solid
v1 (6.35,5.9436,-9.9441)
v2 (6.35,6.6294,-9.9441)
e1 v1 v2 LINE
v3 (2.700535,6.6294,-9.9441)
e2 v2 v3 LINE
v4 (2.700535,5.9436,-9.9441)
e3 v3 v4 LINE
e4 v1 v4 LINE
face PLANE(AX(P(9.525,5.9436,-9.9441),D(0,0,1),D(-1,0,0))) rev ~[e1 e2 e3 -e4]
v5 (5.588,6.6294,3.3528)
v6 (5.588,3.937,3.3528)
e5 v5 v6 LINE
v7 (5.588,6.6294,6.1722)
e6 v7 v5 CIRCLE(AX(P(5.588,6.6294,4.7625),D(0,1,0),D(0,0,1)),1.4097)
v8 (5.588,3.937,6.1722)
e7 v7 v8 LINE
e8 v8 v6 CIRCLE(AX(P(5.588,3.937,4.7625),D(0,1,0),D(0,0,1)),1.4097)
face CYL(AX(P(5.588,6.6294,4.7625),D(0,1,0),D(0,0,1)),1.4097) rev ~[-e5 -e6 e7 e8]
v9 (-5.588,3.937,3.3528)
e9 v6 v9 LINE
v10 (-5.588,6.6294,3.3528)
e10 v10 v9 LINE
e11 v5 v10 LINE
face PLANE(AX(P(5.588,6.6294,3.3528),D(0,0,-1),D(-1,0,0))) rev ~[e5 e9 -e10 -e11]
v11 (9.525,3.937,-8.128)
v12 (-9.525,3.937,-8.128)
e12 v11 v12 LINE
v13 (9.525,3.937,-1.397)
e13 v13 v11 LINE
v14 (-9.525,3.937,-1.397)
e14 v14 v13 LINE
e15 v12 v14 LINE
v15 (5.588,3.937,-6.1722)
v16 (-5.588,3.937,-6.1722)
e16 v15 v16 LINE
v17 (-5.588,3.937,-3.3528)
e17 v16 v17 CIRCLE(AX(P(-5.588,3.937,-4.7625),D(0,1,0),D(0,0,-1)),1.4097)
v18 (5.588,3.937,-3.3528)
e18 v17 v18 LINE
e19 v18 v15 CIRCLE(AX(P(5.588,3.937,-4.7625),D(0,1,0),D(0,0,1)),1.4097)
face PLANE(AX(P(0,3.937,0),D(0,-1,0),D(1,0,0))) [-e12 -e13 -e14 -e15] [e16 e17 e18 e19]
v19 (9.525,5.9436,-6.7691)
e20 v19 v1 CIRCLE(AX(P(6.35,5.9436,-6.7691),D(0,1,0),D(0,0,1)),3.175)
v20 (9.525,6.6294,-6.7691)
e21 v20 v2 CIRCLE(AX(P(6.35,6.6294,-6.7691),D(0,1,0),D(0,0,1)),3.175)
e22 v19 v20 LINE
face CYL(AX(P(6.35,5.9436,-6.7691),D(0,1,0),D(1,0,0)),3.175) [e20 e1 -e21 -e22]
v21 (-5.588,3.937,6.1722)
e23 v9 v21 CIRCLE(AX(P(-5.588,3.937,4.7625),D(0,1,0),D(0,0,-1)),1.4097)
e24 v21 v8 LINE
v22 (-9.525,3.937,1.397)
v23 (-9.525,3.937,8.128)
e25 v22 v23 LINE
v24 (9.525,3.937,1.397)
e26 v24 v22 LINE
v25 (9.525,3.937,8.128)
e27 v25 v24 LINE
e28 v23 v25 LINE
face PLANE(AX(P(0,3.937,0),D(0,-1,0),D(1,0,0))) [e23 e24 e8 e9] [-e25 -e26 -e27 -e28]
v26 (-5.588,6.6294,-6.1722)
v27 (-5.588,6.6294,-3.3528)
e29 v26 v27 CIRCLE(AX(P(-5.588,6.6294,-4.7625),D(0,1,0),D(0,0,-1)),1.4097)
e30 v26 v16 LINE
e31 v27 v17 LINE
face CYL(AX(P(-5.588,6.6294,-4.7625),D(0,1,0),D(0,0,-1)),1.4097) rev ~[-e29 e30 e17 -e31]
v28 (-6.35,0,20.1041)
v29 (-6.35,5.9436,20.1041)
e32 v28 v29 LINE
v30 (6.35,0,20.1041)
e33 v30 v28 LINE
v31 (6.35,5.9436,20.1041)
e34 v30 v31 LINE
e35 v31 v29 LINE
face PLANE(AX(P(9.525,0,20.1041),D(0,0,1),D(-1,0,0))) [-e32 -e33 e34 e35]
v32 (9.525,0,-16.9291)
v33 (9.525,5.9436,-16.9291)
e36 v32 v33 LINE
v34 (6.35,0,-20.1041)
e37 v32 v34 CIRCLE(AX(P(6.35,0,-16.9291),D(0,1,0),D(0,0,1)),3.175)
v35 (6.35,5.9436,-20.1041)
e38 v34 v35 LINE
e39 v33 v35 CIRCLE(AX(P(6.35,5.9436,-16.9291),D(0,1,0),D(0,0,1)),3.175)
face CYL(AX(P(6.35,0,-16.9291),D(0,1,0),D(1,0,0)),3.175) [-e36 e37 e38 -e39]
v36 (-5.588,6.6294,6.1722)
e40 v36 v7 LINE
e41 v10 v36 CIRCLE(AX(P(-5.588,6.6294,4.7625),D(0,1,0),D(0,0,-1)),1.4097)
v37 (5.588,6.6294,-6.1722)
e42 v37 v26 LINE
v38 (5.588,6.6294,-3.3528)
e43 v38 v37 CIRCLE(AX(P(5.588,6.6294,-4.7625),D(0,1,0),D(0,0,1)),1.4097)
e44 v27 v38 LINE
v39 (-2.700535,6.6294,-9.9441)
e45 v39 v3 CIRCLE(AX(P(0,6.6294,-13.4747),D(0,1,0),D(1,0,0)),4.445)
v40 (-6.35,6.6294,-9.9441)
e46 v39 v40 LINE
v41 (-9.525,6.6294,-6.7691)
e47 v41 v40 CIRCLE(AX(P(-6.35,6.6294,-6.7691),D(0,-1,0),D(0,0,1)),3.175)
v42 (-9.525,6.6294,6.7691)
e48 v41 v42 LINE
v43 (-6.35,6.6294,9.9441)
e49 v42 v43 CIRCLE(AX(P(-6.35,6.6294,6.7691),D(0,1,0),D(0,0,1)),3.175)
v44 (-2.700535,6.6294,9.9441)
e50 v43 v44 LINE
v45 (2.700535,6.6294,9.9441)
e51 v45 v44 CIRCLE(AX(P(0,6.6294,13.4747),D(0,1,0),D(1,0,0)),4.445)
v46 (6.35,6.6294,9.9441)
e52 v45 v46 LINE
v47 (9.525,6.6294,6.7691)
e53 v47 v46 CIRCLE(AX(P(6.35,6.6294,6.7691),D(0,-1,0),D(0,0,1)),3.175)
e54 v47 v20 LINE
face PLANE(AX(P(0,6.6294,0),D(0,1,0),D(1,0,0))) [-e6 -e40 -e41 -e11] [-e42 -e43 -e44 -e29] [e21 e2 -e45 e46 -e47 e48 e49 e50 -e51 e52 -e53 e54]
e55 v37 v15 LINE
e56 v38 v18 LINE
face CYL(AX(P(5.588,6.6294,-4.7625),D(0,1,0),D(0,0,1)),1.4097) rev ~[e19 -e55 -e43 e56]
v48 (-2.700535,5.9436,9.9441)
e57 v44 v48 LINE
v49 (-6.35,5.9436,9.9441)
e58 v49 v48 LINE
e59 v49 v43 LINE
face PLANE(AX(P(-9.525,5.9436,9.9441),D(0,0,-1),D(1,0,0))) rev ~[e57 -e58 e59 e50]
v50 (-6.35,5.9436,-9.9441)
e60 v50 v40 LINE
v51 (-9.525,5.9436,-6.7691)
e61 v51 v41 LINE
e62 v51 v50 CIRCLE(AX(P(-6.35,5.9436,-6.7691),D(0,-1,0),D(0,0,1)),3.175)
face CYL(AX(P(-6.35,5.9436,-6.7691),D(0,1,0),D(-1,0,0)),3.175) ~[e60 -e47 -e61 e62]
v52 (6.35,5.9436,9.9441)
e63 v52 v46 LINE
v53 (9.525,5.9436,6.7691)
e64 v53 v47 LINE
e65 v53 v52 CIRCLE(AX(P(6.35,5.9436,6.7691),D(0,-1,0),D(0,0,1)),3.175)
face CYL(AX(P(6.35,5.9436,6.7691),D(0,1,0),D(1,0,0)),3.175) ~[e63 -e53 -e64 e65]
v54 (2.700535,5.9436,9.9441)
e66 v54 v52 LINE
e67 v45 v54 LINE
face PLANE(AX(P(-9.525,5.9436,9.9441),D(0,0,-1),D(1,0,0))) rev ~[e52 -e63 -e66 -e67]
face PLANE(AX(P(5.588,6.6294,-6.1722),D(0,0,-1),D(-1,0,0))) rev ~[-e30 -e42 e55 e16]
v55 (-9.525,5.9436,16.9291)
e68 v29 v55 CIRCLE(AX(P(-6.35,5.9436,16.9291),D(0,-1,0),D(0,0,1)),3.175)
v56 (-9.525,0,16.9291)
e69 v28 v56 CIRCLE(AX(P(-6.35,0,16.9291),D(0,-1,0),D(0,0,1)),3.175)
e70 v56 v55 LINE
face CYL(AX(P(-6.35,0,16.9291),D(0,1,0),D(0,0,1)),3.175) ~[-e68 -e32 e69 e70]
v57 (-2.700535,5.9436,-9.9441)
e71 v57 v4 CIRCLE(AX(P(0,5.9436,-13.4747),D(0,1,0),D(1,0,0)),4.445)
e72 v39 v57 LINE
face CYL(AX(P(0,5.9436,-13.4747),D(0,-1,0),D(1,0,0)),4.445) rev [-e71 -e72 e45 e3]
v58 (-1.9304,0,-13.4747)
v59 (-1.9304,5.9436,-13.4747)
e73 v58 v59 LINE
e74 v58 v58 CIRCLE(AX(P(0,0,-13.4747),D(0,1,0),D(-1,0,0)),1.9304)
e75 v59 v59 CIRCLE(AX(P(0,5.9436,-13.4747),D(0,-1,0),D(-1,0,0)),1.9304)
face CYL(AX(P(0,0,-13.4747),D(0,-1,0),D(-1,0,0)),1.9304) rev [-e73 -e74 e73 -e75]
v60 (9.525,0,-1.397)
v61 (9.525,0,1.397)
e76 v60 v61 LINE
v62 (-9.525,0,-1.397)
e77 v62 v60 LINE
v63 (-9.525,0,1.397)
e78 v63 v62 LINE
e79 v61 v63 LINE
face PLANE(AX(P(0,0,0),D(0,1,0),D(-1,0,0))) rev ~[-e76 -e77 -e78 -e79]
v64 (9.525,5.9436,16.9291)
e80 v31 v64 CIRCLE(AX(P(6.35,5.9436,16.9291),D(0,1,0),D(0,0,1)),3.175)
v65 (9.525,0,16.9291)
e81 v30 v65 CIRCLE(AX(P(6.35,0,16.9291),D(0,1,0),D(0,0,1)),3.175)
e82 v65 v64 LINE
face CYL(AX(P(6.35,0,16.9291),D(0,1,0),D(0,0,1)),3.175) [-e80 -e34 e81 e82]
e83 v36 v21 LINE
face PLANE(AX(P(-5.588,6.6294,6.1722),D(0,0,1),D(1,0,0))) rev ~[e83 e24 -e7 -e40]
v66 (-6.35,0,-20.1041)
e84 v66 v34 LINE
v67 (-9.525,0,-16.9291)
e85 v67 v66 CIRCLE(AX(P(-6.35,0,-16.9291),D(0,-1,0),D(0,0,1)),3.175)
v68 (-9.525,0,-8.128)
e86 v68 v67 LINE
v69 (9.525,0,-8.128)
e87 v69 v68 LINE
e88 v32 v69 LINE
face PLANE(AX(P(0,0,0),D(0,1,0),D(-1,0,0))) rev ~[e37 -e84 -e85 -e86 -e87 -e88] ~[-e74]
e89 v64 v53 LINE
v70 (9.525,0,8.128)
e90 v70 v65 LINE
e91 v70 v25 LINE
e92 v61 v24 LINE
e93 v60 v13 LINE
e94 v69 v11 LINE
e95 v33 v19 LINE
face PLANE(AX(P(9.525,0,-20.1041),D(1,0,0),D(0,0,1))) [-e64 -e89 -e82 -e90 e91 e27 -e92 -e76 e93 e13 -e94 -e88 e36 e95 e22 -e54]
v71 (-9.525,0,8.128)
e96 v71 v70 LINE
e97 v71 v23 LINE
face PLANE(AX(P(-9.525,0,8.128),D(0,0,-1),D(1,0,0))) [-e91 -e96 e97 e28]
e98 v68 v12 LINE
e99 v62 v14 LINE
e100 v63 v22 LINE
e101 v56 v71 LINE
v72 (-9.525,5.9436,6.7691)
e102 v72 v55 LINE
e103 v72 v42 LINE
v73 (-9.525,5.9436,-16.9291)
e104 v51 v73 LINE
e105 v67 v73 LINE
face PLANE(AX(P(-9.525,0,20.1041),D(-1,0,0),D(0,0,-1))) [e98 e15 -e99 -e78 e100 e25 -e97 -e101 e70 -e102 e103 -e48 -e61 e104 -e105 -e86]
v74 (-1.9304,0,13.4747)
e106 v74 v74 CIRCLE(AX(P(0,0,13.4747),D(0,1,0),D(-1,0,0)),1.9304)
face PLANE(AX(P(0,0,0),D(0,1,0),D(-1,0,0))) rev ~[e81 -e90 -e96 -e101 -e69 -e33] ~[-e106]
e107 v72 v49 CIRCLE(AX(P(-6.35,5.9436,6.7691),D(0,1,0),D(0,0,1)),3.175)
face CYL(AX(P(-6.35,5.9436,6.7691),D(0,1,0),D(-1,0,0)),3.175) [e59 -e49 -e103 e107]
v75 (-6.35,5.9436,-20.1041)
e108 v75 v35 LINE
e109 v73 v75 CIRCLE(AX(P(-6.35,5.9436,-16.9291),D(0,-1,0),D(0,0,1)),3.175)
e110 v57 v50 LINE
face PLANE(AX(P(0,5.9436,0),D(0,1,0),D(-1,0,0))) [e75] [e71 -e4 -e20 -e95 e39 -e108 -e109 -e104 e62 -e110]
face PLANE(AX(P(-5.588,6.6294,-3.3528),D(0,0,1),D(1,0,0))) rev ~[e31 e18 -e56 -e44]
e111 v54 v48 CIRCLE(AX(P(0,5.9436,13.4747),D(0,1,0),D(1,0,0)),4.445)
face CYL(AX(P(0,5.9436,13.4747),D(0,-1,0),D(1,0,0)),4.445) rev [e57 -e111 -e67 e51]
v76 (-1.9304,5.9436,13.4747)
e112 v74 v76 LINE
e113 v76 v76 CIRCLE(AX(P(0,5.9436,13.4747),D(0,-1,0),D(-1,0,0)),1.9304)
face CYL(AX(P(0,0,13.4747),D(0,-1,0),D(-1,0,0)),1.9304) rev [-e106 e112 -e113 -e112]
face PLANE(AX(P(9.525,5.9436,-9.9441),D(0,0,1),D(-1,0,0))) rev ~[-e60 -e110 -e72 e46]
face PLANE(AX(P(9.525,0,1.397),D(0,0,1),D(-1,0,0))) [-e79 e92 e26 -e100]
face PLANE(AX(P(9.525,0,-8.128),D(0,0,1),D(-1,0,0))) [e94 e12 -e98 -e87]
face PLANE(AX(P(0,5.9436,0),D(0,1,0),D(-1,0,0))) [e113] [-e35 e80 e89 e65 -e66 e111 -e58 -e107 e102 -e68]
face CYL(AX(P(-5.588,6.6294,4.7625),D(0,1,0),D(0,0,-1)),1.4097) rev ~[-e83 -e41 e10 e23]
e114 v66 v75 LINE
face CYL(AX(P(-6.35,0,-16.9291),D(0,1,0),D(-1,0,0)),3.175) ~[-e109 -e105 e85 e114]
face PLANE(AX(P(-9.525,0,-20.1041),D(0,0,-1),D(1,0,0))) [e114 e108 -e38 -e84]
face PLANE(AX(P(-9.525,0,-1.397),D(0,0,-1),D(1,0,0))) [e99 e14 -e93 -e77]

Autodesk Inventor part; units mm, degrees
ref_plane "XZ Plane" through (0, 0, 0) normal (0, 1, 0) x (-1, 0, 0)
sketch "Sketch1" plane through (0, 0, 0) normal (0, 1, 0) x (-1, 0, 0)
  line L0 (-9.525, 20.1041) -> (9.525, 20.1041)
  line L1 (9.525, 20.1041) -> (9.525, -20.1041)
  line L2 (9.525, -20.1041) -> (-9.525, -20.1041)
  line L3 (-9.525, -20.1041) -> (-9.525, 20.1041)
  line L4 (-9.525, 20.1041) -> (9.525, -20.1041) construction
  line L5 (9.525, 20.1041) -> (-9.525, -20.1041) construction
  line L6 (-5.3594, 9.9441) -> (5.3594, 9.9441) construction
  line L7 (5.3594, 9.9441) -> (5.3594, -9.9441) construction
  line L8 (5.3594, -9.9441) -> (-5.3594, -9.9441) construction
  line L9 (-5.3594, -9.9441) -> (-5.3594, 9.9441) construction
  line L10 (-5.3594, 9.9441) -> (5.3594, -9.9441) construction
  line L11 (5.3594, 9.9441) -> (-5.3594, -9.9441) construction
  circle A0 centre (0, 13.4747) radius 1.9304
  circle A1 centre (0, 13.4747) radius 4.445 construction
  circle A2 centre (0, -13.4747) radius 1.9304
  circle A3 centre (0, -13.4747) radius 4.445 construction
  line L12 (9.525, 0) -> (-9.525, 0) construction
  point P0 (0, 0)
  dimension "d0" = 19.05
  dimension "d1" = 40.2082
  dimension "d2" = 10.7188
  dimension "d3" = 19.8882
  dimension "d5" = 3.8608
  dimension "d7" = 8.89
  dimension "d8" = 3.8608
  dimension "d10" = 8.89
  dimension "d33" = 26.9494
extrude "TNutMount" add sketch "Sketch1" along normal blind 5.9436
sketch "Sketch2" plane through (0, 5.9436, 0) normal (0, 1, 0) x (1, 0, 0)
  line L0 (-9.525, -9.9441) -> (9.525, -9.9441)
  line L1 (9.525, -9.9441) -> (9.525, 9.9441)
  line L2 (9.525, 9.9441) -> (-9.525, 9.9441)
  line L3 (-9.525, 9.9441) -> (-9.525, -9.9441)
  line L4 (-9.525, -9.9441) -> (9.525, 9.9441) construction
  line L5 (9.525, -9.9441) -> (-9.525, 9.9441) construction
  point P0 (0, 0)
  dimension "d13" = 19.05
  dimension "d14" = 19.8882
extrude "SwitchMount" add sketch "Sketch2" along normal blind 0.6858
sketch "Sketch3" plane through (0, 6.6294, 0) normal (0, 1, 0) x (1, 0, 0)
  line L0 (5.588, -4.7625) -> (-5.588, -4.7625) construction
  line L1 (-5.588, -4.7625) -> (-5.588, 4.7625) construction
  line L2 (-5.588, 4.7625) -> (5.588, 4.7625) construction
  line L3 (5.588, 4.7625) -> (5.588, -4.7625) construction
  line L4 (5.588, -4.7625) -> (-5.588, 4.7625) construction
  line L5 (-5.588, -4.7625) -> (5.588, 4.7625) construction
  line L6 (-5.588, 4.7625) -> (5.588, 4.7625) construction
  line L7 (-5.588, 3.3528) -> (5.588, 3.3528)
  line L8 (5.588, 6.1722) -> (-5.588, 6.1722)
  arc A0 (-5.588, 6.1722) -> (-5.588, 3.3528) centre (-5.588, 4.7625) ccw
  arc A1 (5.588, 3.3528) -> (5.588, 6.1722) centre (5.588, 4.7625) ccw
  line L9 (-5.588, -4.7625) -> (5.588, -4.7625) construction
  line L10 (-5.588, -6.1722) -> (5.588, -6.1722)
  line L11 (5.588, -3.3528) -> (-5.588, -3.3528)
  arc A2 (-5.588, -3.3528) -> (-5.588, -6.1722) centre (-5.588, -4.7625) ccw
  arc A3 (5.588, -6.1722) -> (5.588, -3.3528) centre (5.588, -4.7625) ccw
  point P0 (0, 0)
  point P1 (0, 4.7625)
  point P2 (0, -4.7625)
  dimension "d19" = 11.176
  dimension "d20" = 9.525
  dimension "d21" = 2.8194
  dimension "d22" = 2.8194
extrude "ScrewSlot" cut sketch "Sketch3" against normal through all
sketch "Sketch4" plane through (0, 0, 0) normal (0, -1, 0) x (1, 0, 0)
  arc A0 (5.588, -6.1722) -> (5.588, -3.3528) centre (5.588, -4.7625) ccw projected
  arc A1 (-5.588, -3.3528) -> (-5.588, -6.1722) centre (-5.588, -4.7625) ccw projected
  line L0 (5.588, -4.7625) -> (-5.588, -4.7625) construction
  arc A2 (5.588, 3.3528) -> (5.588, 6.1722) centre (5.588, 4.7625) ccw construction
  arc A3 (-5.588, 6.1722) -> (-5.588, 3.3528) centre (-5.588, 4.7625) ccw construction
  line L1 (5.588, 4.7625) -> (-5.588, 4.7625) construction
  line L2 (-9.525, -1.397) -> (9.525, -1.397)
  line L3 (9.525, -1.397) -> (9.525, -8.128)
  line L4 (9.525, -8.128) -> (-9.525, -8.128)
  line L5 (-9.525, -8.128) -> (-9.525, -1.397)
  line L6 (-9.525, -1.397) -> (9.525, -8.128) construction
  line L7 (9.525, -1.397) -> (-9.525, -8.128) construction
  line L8 (-9.525, 8.128) -> (9.525, 8.128)
  line L9 (9.525, 8.128) -> (9.525, 1.397)
  line L10 (9.525, 1.397) -> (-9.525, 1.397)
  line L11 (-9.525, 1.397) -> (-9.525, 8.128)
  line L12 (-9.525, 8.128) -> (9.525, 1.397) construction
  line L13 (9.525, 8.128) -> (-9.525, 1.397) construction
  point P0 (0, 0)
  point P1 (0, -4.7625)
  point P2 (0, 4.7625)
  dimension "d25" = 19.05
  dimension "d26" = 6.731
  dimension "d27" = 19.05
  dimension "d28" = 6.731
extrude "Extrusion4" cut sketch "Sketch4" against normal blind 3.937
fillet "Fillet1" radius 3.175 8 edges at (9.525, 2.9718, 20.1041) (9.525, 2.9718, -20.1041) (-9.525, 2.9718, 20.1041) (-9.525, 2.9718, -20.1041) (9.525, 6.2865, -9.9441) (9.525, 6.2865, 9.9441) (-9.525, 6.2865, -9.9441) (-9.525, 6.2865, 9.9441)
sketch "Sketch5" plane through (0, 5.9436, 0) normal (0, 1, 0) x (1, 0, 0)
  circle A0 centre (0, 13.4747) radius 1.9304 projected
  circle A1 centre (0, 13.4747) radius 4.445
  circle A2 centre (0, -13.4747) radius 1.9304 projected
  circle A3 centre (0, -13.4747) radius 4.445
  point P0 (0, 0)
  dimension "d36" = 8.89
  dimension "d37" = 8.89
extrude "Extrusion5" cut sketch "Sketch5" along normal up to surface (0.6858 mm away)
properties part number "limit switch mount to xrail"
